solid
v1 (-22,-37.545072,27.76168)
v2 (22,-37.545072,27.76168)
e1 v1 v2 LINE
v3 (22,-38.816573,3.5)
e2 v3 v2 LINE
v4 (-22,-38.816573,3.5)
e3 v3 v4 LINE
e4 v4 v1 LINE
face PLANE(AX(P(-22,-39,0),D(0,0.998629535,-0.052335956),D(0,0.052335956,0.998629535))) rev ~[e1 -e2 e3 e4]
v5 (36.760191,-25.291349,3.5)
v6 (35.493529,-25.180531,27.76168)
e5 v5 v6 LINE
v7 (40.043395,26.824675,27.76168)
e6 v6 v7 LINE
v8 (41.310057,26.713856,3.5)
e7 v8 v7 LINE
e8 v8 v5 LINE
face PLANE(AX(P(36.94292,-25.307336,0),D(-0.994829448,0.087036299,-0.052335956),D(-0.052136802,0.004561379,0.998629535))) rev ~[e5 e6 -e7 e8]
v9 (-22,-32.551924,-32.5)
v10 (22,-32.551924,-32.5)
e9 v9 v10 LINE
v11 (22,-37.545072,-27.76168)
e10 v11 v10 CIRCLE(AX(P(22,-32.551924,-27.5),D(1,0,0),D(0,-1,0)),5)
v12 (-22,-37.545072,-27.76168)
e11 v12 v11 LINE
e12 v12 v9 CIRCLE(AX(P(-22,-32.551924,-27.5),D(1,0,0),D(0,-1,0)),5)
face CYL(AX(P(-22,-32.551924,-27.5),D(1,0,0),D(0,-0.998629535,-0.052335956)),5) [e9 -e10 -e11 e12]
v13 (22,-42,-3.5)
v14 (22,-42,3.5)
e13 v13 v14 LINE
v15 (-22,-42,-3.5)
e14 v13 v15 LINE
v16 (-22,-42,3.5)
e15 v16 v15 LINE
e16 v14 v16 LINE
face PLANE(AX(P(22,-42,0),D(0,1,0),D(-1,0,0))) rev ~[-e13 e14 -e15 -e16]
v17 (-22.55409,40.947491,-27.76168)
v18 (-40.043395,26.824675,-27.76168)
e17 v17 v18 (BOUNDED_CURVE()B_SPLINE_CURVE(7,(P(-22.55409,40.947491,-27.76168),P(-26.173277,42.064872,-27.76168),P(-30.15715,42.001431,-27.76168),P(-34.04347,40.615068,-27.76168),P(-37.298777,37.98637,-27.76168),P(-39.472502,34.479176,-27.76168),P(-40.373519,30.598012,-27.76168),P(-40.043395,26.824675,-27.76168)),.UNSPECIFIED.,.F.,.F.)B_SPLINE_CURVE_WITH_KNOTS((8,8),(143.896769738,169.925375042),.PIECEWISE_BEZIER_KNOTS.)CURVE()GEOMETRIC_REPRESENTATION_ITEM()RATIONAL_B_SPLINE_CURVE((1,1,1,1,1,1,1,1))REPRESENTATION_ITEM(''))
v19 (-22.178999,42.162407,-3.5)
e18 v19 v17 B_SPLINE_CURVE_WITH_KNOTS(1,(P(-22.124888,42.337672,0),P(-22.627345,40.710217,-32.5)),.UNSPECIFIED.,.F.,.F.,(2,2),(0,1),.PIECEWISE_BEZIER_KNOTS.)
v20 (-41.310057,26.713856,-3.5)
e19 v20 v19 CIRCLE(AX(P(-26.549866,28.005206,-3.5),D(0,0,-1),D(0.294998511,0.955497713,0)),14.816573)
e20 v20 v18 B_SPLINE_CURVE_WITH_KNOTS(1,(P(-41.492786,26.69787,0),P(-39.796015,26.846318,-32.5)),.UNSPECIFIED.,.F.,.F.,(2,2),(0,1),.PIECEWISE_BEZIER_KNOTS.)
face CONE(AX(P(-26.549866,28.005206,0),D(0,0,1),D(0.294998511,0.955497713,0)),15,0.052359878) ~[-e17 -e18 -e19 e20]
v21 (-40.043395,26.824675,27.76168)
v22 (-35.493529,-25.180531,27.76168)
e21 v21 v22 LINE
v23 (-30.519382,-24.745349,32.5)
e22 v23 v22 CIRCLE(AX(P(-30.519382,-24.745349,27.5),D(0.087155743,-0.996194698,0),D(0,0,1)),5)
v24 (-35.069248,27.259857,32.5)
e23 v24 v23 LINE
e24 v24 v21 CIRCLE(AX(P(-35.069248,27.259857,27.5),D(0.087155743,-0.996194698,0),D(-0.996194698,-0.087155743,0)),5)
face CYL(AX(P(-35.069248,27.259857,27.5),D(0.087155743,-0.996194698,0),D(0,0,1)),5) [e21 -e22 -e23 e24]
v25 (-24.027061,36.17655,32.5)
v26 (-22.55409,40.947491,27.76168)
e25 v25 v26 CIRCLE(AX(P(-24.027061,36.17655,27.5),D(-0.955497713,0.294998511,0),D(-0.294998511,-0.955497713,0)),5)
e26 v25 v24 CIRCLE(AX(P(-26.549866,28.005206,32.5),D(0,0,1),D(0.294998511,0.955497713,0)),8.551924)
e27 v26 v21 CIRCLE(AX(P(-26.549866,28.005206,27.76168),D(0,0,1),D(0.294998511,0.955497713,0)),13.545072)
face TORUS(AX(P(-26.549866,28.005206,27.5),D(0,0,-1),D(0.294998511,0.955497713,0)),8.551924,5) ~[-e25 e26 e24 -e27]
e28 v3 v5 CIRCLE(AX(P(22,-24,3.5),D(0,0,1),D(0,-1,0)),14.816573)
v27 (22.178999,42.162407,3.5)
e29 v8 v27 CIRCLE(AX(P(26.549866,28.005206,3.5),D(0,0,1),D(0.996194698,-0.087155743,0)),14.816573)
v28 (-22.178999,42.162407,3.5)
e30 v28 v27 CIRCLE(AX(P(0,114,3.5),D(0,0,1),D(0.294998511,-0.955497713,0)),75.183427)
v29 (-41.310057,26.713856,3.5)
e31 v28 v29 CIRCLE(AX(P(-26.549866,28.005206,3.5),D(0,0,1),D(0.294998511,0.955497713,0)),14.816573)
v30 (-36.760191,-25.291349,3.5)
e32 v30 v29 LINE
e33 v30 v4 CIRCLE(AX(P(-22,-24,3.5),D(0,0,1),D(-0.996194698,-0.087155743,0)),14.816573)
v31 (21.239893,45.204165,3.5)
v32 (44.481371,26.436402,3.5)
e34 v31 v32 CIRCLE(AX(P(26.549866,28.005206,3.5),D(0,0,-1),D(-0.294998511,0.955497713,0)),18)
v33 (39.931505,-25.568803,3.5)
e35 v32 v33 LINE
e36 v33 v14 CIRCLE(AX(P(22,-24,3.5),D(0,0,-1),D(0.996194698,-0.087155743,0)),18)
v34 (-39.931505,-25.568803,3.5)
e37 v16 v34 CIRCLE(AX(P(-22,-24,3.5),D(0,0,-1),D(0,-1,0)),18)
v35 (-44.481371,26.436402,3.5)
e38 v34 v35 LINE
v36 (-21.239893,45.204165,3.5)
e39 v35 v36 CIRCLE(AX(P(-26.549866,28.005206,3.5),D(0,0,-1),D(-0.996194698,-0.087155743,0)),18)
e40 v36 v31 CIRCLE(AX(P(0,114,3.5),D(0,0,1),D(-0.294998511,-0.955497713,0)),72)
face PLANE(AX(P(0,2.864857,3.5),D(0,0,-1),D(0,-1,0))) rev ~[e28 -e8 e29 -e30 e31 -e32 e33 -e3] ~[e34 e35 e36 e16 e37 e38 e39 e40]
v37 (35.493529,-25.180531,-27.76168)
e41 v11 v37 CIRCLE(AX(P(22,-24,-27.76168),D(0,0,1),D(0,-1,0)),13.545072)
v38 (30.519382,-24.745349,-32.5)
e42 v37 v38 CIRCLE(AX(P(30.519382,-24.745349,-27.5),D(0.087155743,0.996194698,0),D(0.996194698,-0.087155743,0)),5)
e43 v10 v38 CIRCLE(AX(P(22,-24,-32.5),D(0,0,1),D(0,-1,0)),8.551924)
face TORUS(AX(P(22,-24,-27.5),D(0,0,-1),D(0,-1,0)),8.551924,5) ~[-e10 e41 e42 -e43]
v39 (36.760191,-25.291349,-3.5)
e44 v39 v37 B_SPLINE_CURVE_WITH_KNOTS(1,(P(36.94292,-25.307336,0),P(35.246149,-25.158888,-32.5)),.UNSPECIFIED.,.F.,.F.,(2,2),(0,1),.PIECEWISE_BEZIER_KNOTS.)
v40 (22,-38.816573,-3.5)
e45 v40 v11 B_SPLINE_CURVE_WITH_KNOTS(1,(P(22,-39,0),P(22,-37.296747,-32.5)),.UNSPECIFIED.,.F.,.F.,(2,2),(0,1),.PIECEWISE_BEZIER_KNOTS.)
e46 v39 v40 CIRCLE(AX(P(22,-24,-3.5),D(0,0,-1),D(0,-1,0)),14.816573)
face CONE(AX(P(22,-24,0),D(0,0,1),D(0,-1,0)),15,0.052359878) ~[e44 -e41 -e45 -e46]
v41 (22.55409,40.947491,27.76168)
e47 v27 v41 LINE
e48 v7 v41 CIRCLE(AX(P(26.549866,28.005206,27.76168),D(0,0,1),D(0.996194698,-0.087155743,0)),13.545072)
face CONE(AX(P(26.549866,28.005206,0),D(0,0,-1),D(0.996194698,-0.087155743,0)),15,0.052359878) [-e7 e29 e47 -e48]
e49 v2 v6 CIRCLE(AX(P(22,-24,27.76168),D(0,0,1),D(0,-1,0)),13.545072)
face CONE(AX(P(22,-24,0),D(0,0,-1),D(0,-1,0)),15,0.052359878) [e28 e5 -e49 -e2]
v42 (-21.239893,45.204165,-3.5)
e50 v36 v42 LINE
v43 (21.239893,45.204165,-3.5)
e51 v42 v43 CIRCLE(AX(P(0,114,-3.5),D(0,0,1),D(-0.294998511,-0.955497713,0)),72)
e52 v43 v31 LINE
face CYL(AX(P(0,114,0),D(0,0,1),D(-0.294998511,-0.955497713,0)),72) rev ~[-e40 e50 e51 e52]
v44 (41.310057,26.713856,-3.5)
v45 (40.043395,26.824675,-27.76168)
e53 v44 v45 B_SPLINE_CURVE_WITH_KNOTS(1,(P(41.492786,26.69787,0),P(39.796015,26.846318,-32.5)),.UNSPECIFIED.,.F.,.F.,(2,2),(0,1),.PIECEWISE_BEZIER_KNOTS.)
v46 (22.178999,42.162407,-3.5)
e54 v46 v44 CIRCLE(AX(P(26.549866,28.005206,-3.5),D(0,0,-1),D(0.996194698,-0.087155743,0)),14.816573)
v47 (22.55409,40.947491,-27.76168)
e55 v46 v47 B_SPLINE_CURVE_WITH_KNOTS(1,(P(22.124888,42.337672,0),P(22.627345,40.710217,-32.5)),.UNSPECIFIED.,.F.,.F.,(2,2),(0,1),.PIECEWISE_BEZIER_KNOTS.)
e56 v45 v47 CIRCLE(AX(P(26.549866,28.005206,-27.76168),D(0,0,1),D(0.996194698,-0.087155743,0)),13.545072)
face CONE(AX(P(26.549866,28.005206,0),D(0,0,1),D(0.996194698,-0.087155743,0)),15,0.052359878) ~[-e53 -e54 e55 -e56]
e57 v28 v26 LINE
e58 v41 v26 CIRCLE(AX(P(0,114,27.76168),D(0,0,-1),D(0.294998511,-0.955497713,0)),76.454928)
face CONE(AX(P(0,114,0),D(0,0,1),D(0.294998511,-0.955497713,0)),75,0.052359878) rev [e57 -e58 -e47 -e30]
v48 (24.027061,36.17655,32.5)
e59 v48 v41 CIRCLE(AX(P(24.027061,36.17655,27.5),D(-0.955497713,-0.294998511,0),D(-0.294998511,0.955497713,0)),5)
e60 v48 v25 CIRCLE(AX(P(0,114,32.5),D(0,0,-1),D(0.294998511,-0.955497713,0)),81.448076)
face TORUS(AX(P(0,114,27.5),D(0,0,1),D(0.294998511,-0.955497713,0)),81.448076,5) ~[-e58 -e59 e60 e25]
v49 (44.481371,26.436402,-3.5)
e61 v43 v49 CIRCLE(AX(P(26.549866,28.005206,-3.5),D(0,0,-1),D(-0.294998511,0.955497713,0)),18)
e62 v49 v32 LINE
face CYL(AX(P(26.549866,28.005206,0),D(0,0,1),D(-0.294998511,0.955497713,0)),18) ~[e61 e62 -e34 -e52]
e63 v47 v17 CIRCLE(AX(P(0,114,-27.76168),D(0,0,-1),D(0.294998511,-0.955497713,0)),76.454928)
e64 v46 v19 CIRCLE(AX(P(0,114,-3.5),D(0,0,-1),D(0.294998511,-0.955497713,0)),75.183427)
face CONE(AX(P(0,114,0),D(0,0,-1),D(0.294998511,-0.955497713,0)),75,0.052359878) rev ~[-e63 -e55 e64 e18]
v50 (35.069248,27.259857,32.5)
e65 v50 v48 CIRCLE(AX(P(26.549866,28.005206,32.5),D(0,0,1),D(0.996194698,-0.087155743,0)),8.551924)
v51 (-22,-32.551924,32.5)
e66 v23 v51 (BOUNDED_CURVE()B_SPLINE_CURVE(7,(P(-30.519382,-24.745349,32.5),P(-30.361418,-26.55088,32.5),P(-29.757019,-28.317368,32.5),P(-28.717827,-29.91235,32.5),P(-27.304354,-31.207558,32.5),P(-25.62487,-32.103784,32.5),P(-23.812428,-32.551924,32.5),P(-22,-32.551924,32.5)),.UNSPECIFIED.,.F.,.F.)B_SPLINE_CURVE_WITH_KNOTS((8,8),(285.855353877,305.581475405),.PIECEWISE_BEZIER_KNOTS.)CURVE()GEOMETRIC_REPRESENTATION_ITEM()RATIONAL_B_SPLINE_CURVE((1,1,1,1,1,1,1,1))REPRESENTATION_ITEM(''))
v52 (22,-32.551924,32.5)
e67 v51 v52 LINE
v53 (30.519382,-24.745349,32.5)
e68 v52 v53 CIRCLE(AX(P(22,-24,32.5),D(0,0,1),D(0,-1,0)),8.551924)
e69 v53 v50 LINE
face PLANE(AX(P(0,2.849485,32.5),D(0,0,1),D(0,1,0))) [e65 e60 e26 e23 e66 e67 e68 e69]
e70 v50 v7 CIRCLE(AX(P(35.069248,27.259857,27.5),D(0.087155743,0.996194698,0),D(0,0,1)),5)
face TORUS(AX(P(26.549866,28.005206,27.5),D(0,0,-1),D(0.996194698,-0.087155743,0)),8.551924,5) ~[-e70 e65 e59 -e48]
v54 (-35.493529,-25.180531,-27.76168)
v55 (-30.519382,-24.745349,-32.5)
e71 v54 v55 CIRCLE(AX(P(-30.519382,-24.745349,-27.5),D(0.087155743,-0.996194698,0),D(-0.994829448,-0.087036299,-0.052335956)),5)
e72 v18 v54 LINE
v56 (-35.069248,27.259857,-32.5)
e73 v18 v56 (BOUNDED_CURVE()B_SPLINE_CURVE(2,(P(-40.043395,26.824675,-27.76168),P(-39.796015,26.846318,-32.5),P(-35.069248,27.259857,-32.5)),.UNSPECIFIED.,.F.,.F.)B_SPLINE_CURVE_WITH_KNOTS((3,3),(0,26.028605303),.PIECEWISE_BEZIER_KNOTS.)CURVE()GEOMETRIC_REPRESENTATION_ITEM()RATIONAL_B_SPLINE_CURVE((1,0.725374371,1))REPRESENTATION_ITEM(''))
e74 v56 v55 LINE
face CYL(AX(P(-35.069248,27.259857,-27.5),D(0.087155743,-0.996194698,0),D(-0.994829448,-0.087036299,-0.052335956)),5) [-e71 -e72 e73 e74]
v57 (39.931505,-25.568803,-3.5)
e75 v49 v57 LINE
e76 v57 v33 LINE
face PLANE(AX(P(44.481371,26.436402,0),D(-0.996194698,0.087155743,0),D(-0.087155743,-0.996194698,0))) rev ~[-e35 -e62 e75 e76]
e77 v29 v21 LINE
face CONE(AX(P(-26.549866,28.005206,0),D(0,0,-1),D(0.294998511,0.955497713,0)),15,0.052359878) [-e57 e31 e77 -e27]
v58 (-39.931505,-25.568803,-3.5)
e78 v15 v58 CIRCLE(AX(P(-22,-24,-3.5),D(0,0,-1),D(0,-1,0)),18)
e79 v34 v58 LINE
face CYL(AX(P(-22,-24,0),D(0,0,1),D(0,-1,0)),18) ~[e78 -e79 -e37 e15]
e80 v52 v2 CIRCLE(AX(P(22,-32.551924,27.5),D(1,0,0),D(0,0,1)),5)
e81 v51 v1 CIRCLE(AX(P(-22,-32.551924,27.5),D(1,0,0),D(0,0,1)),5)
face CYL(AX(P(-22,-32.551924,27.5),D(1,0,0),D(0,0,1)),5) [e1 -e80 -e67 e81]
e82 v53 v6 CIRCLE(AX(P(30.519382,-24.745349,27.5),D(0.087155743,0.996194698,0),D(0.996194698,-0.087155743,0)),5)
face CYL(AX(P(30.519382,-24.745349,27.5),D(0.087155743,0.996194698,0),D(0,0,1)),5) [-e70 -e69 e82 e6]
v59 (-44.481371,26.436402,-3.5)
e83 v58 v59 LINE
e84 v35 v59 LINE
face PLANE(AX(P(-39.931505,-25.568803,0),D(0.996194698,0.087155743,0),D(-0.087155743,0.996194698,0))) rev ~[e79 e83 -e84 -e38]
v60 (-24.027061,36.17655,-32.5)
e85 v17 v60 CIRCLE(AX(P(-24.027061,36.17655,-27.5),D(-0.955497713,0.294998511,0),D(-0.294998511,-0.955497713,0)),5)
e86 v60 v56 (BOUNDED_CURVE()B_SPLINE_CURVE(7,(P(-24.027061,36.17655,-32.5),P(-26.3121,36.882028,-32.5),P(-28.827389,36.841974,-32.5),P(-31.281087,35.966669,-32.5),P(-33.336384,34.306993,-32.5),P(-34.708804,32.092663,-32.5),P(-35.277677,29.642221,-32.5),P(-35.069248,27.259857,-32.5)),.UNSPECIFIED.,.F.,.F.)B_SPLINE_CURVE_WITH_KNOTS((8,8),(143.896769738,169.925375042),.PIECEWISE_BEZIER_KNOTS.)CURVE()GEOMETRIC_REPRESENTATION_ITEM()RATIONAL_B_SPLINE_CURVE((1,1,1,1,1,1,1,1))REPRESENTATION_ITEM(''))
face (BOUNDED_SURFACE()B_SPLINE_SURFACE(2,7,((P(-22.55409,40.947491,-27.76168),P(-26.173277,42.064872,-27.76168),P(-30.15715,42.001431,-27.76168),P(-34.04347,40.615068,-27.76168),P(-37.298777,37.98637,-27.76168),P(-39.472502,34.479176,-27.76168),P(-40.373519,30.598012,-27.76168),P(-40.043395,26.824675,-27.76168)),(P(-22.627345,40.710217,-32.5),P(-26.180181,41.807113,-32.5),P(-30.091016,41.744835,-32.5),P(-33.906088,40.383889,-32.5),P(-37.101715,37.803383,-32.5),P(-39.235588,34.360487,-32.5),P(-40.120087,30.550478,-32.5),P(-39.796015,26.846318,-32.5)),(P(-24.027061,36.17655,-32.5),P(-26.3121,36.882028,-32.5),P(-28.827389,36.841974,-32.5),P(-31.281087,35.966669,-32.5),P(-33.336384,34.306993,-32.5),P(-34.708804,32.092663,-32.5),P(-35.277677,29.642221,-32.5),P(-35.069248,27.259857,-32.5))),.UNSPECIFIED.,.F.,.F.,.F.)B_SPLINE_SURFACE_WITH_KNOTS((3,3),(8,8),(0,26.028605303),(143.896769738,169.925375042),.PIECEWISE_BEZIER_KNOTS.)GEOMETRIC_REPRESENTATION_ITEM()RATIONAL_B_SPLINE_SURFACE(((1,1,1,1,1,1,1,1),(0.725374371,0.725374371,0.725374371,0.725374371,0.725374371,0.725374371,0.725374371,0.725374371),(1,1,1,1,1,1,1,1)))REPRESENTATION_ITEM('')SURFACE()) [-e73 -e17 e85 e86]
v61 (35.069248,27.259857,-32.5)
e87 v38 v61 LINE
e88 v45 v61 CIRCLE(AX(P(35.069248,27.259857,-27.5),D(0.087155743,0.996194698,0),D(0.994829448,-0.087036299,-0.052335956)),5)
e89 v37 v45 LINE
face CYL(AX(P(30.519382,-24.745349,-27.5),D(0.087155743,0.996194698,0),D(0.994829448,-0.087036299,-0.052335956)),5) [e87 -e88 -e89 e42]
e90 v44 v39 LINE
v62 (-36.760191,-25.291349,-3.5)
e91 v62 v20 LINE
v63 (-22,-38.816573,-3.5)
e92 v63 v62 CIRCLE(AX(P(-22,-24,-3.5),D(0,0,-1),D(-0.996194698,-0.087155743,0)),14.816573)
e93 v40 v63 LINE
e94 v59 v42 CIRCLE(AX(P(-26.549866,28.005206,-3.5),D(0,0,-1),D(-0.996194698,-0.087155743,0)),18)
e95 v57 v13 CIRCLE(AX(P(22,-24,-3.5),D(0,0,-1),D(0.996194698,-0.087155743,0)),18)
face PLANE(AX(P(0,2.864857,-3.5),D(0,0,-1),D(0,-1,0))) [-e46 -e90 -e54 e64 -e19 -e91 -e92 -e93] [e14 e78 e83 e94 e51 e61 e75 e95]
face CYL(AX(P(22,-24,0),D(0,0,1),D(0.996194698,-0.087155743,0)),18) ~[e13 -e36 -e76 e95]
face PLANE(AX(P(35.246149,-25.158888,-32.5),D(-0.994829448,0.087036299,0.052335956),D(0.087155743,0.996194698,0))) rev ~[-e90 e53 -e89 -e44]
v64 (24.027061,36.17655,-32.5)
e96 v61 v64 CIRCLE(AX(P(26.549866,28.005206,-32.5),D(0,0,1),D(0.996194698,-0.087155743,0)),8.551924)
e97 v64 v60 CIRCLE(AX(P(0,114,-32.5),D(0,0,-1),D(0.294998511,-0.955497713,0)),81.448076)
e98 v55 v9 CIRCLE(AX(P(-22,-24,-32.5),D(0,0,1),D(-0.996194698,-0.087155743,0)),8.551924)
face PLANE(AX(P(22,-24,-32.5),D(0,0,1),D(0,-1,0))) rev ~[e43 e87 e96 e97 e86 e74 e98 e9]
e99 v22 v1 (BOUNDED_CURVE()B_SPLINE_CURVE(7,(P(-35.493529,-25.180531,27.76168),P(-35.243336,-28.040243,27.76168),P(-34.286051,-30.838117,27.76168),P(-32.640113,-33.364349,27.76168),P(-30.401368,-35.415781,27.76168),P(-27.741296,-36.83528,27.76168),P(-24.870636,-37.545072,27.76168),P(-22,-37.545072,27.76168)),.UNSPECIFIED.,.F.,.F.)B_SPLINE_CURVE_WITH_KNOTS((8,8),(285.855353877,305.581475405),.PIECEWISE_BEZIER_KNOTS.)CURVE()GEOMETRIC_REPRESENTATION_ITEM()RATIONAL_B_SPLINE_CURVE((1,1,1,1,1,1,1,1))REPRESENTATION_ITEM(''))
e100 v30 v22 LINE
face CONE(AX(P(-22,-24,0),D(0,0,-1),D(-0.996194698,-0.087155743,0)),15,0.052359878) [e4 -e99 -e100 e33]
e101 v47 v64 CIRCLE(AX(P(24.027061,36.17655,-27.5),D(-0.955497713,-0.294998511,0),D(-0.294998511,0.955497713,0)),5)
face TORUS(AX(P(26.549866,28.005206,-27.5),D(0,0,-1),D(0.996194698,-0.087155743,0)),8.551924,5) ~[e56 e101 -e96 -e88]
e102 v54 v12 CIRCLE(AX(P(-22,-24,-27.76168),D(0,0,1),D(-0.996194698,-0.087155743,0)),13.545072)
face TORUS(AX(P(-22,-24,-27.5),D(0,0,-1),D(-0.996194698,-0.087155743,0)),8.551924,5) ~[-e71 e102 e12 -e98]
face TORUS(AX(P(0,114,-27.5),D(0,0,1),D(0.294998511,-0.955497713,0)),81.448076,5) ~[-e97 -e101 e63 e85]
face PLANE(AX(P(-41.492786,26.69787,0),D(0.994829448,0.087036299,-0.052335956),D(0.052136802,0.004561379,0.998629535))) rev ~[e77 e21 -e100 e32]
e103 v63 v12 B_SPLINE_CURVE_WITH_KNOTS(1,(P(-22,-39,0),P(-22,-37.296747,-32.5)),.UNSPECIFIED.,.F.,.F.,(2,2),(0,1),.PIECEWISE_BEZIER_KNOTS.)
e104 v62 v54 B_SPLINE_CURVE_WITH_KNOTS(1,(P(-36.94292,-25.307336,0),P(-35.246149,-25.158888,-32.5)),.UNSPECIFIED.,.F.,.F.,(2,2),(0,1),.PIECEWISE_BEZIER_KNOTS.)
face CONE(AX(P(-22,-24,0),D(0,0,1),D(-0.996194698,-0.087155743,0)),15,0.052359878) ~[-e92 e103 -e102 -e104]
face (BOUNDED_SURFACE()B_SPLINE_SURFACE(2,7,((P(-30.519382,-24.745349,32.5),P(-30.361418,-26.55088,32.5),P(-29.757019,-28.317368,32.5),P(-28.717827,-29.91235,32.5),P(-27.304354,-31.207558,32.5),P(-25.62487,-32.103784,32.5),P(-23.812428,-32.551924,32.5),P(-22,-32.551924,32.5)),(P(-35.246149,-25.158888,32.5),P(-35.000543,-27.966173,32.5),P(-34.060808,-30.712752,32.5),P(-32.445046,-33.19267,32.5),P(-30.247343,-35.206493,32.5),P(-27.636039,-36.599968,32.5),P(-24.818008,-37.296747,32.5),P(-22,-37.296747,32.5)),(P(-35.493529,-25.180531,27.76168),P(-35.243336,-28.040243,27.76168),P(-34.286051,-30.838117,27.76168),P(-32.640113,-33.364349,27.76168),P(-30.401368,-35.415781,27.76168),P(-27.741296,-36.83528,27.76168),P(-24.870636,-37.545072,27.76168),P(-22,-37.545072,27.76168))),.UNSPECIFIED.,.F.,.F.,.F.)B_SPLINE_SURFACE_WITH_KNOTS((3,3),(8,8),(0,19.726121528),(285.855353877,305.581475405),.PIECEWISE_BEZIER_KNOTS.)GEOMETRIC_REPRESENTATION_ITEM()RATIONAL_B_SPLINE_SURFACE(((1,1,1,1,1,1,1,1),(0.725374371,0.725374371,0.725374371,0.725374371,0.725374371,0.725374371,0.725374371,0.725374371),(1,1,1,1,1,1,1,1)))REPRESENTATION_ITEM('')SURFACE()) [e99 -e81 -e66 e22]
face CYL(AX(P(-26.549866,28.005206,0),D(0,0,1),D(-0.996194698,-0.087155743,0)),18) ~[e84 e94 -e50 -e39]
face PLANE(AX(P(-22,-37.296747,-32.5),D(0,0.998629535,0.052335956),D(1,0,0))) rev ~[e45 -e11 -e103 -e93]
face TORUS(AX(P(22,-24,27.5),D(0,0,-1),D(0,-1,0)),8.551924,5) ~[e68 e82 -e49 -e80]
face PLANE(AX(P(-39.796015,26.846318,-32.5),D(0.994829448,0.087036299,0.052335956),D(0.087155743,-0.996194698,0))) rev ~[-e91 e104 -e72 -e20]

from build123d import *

# Parameters (mm, degrees)
BOSS_EXTRUDE1_DEPTH           = 32.5
BOSS_EXTRUDE1_TAPER           = 3.0000000000000067
BOSS_EXTRUDE1_OTHER_WAY_DEPTH = 32.5
BOSS_EXTRUDE1_OTHER_WAY_TAPER = 3.0000000000000067
FILLET1_R                     = 5
EXTRUDE_THIN1_DEPTH           = 3.5


with BuildPart() as part:
    # Sketch1 → Boss-Extrude1 (new body)
    with BuildSketch(Plane(origin=(0, 0, 0), x_dir=(0, 1, 0), z_dir=(0, 0, 1))):
        with BuildLine():
            ThreePointArc((-39, -22), (-35.05916005215183, -32.13385311423494), (-25.307336141214776, -36.94292047137618))
            Line((-25.307336141214776, -36.94292047137618), (26.697869727868188, -41.49278642925244))
            ThreePointArc((26.697869727868188, -41.49278642925244), (39.67535451570329, -35.97364601503939), (42.33767155756914, -22.124888298230207))
            ThreePointArc((42.33767155756914, -22.124888298230207), (39, 9.18e-15), (42.33767155756914, 22.124888298230207))
            ThreePointArc((42.33767155756914, 22.124888298230207), (39.67535451570329, 35.97364601503939), (26.697869727868188, 41.49278642925244))
            Line((26.697869727868188, 41.49278642925244), (-25.307336141214776, 36.94292047137618))
            ThreePointArc((-25.307336141214776, 36.94292047137618), (-35.059160052151825, 32.13385311423494), (-39, 22))
            Line((-39, 22), (-39, -22))
        make_face()
    extrude(amount=BOSS_EXTRUDE1_DEPTH, taper=BOSS_EXTRUDE1_TAPER)

    # Sketch1 → Boss-Extrude1 other way (add)
    with BuildSketch(Plane(origin=(0, 0, 0), x_dir=(0, 1, 0), z_dir=(0, 0, 1))):
        with BuildLine():
            ThreePointArc((-39, -22), (-35.05916005215183, -32.13385311423494), (-25.307336141214776, -36.94292047137618))
            Line((-25.307336141214776, -36.94292047137618), (26.697869727868188, -41.49278642925244))
            ThreePointArc((26.697869727868188, -41.49278642925244), (39.67535451570329, -35.97364601503939), (42.33767155756914, -22.124888298230207))
            ThreePointArc((42.33767155756914, -22.124888298230207), (39, 9.18e-15), (42.33767155756914, 22.124888298230207))
            ThreePointArc((42.33767155756914, 22.124888298230207), (39.67535451570329, 35.97364601503939), (26.697869727868188, 41.49278642925244))
            Line((26.697869727868188, 41.49278642925244), (-25.307336141214776, 36.94292047137618))
            ThreePointArc((-25.307336141214776, 36.94292047137618), (-35.059160052151825, 32.13385311423494), (-39, 22))
            Line((-39, 22), (-39, -22))
        make_face()
    extrude(amount=-BOSS_EXTRUDE1_OTHER_WAY_DEPTH, taper=BOSS_EXTRUDE1_OTHER_WAY_TAPER)

    # Fillet1
    fillet1_edges = [part.edges().sort_by_distance(p)[0] for p in [
        (30.983152183423496, -33.80339034416901, -32.5),
        (37.52108201484714, 0.8437150585246758, -32.5),
        (34.90357401366931, 38.35020693767984, -32.5),
        (6.661e-14, 37.296747173301156, -32.5),
        (-30.9831521834235, -33.80339034416899, 32.50000000000001),
        (5.09e-15, -37.296747173301156, 32.50000000000001),
        (30.983152183423503, -33.80339034416899, 32.50000000000001),
        (37.521082014847224, 0.8437150585246735, 32.500000000000014),
        (34.9035740136693, 38.35020693767984, 32.50000000000001),
        (-34.903574013669285, 38.35020693767984, -32.5),
        (-8.9e-16, 37.29674717330116, 32.50000000000001),
        (-34.9035740136693, 38.35020693767985, 32.50000000000001),
        (-37.52108201484706, 0.8437150585246949, 32.5),
        (-37.521082014847146, 0.8437150585246864, -32.5),
        (-30.983152183423496, -33.803390344168996, -32.5),
        (1.119e-14, -37.296747173301156, -32.5),
    ]]
    fillet(fillet1_edges, radius=FILLET1_R)

    # Sketch1<2> → Extrude-Thin1 (add, symmetric)
    with BuildSketch(Plane(origin=(0, 0, 0), x_dir=(0, 1, 0), z_dir=(0, 0, 1))):
        with BuildLine():
            Line((-42, -22), (-42, 22))
            ThreePointArc((-42, 21.999999999999996), (-37.270992062582195, 34.160623737081934), (-25.56880336945773, 39.93150456565142))
            Line((-25.56880336945773, 39.93150456565142), (26.436402499625235, 44.48137052352768))
            ThreePointArc((26.436402499625235, 44.48137052352768), (42.009384245027356, 37.858402026472014), (45.20416469526637, 21.239892766301))
            ThreePointArc((45.20416469526637, 21.239892766300997), (42, 8.82e-15), (45.20416469526637, -21.239892766300997))
            ThreePointArc((45.20416469526637, -21.239892766301), (42.009384245027356, -37.858402026472014), (26.436402499625235, -44.48137052352768))
            Line((26.436402499625235, -44.48137052352768), (-25.56880336945773, -39.93150456565142))
            ThreePointArc((-25.568803369457736, -39.931504565651416), (-37.270992062582195, -34.16062373708193), (-42, -22.000000000000004))
        make_face()
        with BuildLine():
            Line((-36, -22), (-36, 22))
            ThreePointArc((-36, 22.000000000000004), (-32.84732804172147, 30.107082491387963), (-25.045868912971823, 33.95433637710095))
            Line((-25.045868912971823, 33.954336377100944), (26.95933695611114, 38.5042023349772))
            ThreePointArc((26.95933695611114, 38.5042023349772), (37.341324786379225, 34.08889000360676), (39.471178419871904, 23.009883830159414))
            ThreePointArc((39.471178419871904, 23.009883830159417), (36, 9.55e-15), (39.471178419871904, -23.009883830159417))
            ThreePointArc((39.471178419871904, -23.009883830159414), (37.341324786379225, -34.08889000360676), (26.95933695611114, -38.5042023349772))
            Line((26.95933695611114, -38.5042023349772), (-25.045868912971823, -33.954336377100944))
            ThreePointArc((-25.045868912971816, -33.95433637710095), (-32.84732804172146, -30.107082491387953), (-36, -21.999999999999996))
        make_face(mode=Mode.SUBTRACT)
    extrude(amount=EXTRUDE_THIN1_DEPTH, both=True)


solid = part.part
